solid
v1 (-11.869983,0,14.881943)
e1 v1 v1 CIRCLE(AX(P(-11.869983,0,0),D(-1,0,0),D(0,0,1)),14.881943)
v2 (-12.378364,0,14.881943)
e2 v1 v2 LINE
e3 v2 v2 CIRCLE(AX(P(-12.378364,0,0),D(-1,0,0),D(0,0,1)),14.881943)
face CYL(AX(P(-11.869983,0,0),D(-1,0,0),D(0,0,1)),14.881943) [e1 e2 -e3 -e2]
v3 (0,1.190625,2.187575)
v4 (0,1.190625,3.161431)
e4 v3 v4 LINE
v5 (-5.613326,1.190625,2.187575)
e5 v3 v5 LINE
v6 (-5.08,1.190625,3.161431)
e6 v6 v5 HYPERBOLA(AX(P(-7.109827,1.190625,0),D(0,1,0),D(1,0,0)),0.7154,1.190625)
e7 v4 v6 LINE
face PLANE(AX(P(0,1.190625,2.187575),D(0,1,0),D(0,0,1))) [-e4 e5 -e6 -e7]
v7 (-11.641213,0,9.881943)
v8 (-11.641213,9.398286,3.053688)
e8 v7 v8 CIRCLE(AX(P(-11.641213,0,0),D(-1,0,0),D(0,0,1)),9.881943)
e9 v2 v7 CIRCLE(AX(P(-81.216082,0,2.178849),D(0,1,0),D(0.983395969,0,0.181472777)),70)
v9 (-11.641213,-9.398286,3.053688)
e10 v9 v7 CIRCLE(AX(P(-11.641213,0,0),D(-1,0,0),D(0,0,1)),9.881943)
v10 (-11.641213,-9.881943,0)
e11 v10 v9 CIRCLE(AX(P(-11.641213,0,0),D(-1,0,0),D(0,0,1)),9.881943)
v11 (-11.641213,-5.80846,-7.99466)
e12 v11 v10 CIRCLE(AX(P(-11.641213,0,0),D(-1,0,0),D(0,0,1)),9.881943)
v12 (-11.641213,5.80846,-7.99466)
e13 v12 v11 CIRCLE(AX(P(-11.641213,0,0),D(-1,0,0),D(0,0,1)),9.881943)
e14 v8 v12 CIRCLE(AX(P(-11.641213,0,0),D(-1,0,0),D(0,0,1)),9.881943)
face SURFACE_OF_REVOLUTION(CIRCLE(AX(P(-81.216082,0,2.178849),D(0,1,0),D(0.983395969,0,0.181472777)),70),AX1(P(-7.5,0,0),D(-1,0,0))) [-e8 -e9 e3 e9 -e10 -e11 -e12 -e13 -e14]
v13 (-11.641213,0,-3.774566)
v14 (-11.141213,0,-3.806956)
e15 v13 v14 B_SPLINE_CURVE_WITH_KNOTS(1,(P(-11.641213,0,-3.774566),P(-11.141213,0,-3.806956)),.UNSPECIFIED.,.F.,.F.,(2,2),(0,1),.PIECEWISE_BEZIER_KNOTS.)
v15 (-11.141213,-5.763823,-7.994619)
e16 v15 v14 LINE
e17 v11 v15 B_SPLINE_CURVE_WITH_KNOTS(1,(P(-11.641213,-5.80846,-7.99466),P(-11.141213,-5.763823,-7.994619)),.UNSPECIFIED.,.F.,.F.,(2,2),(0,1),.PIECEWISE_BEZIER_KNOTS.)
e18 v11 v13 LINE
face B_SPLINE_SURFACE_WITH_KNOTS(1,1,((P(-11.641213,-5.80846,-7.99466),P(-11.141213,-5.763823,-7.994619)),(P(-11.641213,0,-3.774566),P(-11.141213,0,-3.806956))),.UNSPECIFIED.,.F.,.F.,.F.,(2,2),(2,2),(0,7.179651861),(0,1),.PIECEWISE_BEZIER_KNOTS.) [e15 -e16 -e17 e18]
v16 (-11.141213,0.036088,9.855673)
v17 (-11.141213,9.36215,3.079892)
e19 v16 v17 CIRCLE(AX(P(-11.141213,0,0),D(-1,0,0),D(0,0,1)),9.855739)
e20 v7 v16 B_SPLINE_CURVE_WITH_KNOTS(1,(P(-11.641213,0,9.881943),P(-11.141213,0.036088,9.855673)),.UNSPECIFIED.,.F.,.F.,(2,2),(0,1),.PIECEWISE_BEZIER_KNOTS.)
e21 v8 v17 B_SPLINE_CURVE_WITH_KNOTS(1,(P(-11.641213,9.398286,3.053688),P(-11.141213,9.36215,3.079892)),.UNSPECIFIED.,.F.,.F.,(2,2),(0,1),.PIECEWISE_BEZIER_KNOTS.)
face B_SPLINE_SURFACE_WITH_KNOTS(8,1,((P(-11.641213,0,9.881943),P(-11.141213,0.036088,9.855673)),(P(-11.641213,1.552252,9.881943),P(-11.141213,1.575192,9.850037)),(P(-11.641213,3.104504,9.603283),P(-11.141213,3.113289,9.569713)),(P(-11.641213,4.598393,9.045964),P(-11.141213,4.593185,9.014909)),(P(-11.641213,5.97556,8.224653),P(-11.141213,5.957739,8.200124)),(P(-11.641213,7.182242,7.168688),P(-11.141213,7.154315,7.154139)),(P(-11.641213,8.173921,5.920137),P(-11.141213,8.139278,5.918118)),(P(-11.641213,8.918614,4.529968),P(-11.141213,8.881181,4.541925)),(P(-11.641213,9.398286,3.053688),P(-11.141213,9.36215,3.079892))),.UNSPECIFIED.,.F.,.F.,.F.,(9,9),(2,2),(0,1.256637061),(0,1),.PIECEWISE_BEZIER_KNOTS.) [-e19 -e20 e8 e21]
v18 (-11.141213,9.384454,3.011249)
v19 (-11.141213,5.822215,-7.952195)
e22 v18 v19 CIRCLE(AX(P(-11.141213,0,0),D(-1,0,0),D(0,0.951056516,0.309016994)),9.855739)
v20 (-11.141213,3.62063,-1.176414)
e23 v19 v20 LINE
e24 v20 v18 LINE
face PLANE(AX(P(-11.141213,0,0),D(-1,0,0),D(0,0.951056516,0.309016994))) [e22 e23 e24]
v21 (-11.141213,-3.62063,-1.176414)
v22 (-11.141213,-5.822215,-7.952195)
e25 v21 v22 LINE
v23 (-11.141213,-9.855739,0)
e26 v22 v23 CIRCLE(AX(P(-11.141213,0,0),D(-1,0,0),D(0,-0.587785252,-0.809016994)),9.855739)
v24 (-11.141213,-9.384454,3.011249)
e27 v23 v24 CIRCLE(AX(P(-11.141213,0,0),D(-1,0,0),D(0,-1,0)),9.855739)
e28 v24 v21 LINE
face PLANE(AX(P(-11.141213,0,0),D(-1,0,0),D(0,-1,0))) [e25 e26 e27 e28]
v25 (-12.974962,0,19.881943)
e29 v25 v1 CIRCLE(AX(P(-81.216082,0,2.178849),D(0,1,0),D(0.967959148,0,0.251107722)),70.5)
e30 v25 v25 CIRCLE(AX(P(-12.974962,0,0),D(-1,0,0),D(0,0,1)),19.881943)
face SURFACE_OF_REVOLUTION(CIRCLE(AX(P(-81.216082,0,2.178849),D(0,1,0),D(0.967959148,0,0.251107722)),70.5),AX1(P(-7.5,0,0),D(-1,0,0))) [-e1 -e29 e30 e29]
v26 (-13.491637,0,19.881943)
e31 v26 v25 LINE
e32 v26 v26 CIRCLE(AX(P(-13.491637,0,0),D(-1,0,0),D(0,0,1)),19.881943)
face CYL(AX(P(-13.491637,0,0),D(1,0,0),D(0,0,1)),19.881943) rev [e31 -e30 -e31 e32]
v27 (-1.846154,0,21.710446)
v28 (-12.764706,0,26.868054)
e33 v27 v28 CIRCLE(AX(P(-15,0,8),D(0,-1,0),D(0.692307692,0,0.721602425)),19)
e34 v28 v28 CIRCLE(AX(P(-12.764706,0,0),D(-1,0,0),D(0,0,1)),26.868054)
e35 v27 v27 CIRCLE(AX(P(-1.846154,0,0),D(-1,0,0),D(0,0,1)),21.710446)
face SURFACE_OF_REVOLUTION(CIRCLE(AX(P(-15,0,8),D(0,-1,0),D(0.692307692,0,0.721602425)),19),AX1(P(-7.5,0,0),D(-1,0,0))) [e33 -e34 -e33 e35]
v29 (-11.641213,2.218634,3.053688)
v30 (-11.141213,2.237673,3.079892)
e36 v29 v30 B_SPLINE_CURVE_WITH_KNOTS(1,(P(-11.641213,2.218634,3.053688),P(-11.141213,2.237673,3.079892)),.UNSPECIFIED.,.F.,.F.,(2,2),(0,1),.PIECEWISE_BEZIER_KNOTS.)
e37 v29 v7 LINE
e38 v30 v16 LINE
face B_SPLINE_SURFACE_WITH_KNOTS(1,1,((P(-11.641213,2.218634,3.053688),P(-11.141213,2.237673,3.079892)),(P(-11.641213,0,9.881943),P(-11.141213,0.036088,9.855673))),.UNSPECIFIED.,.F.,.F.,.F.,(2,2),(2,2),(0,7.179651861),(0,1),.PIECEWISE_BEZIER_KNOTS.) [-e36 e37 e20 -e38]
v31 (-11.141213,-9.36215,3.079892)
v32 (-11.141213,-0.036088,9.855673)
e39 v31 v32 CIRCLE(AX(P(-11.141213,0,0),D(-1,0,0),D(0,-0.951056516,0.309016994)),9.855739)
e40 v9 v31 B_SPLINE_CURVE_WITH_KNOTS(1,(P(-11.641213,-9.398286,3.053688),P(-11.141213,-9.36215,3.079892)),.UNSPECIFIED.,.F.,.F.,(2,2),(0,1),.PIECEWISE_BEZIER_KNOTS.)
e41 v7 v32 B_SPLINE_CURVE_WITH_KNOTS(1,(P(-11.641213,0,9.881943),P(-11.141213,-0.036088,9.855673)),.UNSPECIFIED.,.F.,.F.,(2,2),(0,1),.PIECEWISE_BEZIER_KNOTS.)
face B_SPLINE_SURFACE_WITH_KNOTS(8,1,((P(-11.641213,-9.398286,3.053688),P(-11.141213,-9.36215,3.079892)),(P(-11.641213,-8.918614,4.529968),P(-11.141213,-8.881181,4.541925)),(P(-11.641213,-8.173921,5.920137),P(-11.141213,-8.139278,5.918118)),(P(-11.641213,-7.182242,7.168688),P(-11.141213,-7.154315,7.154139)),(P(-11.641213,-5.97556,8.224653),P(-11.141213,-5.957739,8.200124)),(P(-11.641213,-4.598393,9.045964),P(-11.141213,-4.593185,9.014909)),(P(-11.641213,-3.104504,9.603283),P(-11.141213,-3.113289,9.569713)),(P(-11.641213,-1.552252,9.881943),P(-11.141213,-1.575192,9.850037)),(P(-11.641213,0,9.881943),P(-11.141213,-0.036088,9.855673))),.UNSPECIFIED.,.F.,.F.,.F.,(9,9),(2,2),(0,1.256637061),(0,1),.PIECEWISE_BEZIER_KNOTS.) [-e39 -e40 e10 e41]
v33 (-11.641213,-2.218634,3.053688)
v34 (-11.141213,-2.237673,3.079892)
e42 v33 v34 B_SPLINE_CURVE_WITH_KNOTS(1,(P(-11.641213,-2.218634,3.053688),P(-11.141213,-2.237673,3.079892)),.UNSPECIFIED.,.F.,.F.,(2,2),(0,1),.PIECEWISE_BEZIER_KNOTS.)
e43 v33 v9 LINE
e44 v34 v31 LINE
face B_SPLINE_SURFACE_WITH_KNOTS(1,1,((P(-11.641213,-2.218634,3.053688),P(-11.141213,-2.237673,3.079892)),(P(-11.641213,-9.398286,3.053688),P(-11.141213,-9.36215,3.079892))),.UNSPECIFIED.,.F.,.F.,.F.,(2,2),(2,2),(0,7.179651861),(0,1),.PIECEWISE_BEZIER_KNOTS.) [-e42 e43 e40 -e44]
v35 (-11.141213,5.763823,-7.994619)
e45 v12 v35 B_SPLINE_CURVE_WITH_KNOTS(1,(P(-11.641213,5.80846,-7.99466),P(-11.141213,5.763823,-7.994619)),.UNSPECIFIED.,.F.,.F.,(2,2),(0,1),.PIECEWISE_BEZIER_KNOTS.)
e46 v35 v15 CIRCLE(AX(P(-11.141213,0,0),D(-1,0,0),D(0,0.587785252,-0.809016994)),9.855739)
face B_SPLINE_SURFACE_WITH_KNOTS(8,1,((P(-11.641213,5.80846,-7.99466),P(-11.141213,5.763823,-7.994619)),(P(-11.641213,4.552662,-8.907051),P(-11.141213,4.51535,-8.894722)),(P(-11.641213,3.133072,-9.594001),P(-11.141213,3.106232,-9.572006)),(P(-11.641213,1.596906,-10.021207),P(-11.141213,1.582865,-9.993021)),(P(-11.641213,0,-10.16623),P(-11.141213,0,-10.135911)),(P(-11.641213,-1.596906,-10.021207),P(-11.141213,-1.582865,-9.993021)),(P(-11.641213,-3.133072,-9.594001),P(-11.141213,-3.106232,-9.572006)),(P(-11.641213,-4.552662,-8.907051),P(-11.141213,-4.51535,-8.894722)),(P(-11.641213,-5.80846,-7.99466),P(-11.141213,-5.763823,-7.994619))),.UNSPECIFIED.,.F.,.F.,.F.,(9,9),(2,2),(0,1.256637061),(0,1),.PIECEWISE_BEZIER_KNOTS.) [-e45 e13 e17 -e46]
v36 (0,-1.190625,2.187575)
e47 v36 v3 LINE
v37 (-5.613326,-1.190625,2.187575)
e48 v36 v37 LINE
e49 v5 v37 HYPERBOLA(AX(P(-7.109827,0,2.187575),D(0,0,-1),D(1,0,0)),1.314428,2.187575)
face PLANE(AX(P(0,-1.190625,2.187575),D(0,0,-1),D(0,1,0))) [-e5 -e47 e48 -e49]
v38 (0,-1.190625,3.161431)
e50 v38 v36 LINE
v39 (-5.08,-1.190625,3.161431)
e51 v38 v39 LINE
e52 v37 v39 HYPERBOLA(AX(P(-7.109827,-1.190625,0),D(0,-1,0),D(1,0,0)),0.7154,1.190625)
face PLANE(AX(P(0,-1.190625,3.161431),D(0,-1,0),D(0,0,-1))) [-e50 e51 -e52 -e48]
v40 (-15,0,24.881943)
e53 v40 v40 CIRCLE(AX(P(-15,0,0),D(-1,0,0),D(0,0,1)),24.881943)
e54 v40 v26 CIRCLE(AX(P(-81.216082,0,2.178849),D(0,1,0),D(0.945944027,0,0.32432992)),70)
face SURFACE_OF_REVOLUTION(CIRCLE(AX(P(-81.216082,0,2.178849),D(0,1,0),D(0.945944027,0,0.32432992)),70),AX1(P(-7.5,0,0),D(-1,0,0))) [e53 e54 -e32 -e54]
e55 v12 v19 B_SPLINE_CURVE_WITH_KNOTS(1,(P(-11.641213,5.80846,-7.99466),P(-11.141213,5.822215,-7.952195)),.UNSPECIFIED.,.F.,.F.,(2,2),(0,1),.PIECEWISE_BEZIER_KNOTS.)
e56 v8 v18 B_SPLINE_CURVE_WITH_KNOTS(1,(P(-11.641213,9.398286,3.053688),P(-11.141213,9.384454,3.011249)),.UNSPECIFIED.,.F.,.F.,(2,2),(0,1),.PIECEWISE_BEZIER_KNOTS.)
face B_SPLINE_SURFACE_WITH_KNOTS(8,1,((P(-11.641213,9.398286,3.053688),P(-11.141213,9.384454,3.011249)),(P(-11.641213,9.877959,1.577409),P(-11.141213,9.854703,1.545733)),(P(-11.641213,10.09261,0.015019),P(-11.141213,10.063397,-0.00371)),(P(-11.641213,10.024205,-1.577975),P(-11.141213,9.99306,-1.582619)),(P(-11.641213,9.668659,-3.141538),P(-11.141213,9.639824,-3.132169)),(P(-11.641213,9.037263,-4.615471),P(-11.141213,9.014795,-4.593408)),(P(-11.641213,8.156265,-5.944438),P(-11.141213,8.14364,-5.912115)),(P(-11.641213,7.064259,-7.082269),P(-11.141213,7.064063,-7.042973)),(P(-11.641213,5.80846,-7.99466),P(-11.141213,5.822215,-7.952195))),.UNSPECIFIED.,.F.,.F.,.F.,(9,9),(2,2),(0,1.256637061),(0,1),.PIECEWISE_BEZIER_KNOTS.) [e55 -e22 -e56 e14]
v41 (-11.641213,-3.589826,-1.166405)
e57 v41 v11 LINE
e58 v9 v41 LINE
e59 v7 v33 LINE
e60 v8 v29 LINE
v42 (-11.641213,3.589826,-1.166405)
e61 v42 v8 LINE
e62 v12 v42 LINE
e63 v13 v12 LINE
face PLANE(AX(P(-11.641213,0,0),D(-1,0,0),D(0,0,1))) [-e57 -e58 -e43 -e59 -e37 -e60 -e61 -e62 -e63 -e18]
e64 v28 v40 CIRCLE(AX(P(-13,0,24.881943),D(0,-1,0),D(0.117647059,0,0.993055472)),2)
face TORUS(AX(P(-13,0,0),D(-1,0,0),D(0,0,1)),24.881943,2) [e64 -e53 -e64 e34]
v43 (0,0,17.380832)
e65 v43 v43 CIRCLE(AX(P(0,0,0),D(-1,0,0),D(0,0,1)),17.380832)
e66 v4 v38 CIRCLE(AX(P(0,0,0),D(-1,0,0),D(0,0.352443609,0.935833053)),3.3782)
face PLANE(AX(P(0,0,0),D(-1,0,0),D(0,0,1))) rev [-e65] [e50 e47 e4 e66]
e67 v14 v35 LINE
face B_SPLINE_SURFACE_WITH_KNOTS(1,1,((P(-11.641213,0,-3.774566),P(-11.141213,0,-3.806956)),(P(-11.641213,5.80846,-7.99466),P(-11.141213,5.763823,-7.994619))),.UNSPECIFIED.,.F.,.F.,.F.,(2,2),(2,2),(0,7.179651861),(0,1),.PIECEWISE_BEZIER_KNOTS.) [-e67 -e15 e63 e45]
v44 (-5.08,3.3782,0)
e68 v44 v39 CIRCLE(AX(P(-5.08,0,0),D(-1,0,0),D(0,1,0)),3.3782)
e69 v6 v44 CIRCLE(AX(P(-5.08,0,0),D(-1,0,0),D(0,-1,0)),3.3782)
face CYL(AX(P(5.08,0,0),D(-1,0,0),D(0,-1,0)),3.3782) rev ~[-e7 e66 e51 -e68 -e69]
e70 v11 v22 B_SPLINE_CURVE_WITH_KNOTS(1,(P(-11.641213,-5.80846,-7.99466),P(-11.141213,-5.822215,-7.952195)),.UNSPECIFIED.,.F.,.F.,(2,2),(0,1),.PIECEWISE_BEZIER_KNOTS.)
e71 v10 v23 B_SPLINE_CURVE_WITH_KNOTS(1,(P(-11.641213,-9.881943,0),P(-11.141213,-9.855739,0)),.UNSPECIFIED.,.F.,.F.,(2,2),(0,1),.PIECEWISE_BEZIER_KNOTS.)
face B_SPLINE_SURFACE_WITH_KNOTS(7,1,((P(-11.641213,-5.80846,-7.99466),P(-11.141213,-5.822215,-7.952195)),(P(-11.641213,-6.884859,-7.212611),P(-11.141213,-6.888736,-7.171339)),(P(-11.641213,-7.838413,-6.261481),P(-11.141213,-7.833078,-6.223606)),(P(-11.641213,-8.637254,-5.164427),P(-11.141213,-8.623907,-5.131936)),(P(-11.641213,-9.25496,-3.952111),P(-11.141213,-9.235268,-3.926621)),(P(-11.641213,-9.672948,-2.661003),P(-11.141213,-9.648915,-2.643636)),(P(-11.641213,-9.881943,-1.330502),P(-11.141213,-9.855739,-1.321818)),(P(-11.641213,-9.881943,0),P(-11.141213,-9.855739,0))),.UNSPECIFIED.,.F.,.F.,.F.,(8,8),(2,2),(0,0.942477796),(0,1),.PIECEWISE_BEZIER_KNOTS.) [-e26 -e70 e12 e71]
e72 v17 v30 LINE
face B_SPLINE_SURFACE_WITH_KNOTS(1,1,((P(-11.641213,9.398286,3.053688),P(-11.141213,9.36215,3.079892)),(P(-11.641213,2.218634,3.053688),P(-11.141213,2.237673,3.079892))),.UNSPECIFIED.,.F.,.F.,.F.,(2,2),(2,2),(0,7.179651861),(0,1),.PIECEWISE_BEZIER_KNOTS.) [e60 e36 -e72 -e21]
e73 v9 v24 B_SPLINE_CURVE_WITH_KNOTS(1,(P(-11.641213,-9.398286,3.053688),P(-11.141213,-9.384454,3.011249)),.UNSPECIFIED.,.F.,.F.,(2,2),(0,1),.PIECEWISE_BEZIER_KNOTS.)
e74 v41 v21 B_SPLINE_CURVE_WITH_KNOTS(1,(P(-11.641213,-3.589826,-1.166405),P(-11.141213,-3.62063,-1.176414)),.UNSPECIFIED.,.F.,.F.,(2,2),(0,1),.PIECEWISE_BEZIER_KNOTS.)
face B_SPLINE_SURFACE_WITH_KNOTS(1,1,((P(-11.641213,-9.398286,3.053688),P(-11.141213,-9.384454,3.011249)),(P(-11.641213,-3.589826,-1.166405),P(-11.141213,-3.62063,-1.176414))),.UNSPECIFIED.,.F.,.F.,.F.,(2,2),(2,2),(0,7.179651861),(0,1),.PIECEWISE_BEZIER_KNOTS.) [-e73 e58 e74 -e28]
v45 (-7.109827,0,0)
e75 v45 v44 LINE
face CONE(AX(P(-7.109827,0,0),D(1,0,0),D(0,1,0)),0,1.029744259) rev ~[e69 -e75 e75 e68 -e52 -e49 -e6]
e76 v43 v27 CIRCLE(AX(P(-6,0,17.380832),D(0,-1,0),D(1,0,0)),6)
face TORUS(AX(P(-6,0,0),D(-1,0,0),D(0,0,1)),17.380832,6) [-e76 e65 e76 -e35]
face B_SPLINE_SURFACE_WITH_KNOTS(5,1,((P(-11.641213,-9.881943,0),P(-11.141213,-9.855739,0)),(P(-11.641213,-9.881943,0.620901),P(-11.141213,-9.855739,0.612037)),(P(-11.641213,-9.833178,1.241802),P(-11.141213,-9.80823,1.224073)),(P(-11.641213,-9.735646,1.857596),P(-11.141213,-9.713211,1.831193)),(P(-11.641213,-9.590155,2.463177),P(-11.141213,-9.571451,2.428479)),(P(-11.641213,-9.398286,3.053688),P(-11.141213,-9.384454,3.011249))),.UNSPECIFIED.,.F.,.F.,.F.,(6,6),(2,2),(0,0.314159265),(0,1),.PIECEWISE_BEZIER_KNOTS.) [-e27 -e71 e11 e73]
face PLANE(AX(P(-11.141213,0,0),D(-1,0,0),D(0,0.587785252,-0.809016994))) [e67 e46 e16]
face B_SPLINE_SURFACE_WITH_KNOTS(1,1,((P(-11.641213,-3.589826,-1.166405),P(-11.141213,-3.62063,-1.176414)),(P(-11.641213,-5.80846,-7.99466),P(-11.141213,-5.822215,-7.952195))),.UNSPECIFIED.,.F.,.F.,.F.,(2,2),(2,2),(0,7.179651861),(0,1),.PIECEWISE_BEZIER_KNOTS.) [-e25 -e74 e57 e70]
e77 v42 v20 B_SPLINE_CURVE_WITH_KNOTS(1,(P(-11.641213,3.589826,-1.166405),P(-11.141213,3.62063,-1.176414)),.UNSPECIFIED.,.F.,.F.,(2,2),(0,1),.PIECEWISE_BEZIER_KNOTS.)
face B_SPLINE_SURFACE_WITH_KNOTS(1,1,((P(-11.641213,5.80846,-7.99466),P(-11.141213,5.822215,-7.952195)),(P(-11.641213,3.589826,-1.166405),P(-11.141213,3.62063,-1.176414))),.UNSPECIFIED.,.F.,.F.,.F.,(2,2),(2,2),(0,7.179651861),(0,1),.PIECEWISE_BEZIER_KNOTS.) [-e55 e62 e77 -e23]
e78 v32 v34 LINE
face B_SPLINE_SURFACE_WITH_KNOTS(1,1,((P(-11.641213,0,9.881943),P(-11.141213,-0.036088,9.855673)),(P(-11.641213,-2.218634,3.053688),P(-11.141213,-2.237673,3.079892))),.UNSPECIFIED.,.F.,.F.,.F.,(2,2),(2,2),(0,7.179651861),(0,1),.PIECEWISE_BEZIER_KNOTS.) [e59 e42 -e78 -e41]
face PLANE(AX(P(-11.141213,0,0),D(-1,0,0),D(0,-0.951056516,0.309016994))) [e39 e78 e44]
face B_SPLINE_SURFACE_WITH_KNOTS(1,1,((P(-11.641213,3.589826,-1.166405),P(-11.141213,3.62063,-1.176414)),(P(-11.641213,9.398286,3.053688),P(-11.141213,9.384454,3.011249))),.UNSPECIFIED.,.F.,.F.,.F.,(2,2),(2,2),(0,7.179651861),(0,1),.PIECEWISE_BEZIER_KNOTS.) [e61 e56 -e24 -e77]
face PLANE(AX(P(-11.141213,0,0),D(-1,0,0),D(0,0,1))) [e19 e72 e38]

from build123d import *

# Parameters (mm, degrees)
F3_D     = 6.7564
F3_DEPTH = 5.08
F3_TIP   = 2.0298273432
F7_DEPTH = 0.5
F7_TAPER = 3


with BuildPart() as f1:
    # F0 (on Front) → F1 (revolve)
    with BuildSketch(Plane.XZ):
        with BuildLine():
            Line((-10.7497593308, 0), (0, 0))
            Line((0, 0), (0, 17.3808315196))
            ThreePointArc((0, 17.3808315196), (-0.480802734, 19.7342251413), (-1.8461538462, 21.7104460672))
            ThreePointArc((-1.8461538462, 21.7104460672), (-6.884789629, 25.1797369198), (-12.7647058824, 26.8680539592))
            ThreePointArc((-12.7647058824, 26.8680539592), (-14.3284223283, 26.3770330193), (-15, 24.8819430161))
            ThreePointArc((-15, 24.8819430161), (-14.1991722099, 22.3960149141), (-13.4916369321, 19.8819430161))
            Line((-13.4916369321, 19.8819430161), (-12.9749619928, 19.8819430161))
            ThreePointArc((-12.9749619928, 19.8819430161), (-12.3770619061, 17.3919785968), (-11.8699833059, 14.8819430161))
            Line((-11.8699833059, 14.8819430161), (-12.3783641122, 14.8819430161))
            ThreePointArc((-12.3783641122, 14.8819430161), (-11.9646485976, 12.3885980327), (-11.6412133462, 9.8819430161))
            ThreePointArc((-11.6412133462, 9.8819430161), (-11.2708718222, 4.9478890349), (-11.25, 0))
            Line((-11.25, 0), (-10.7497593308, 0))
        make_face()
        with BuildLine():
            Line((-11.6412133462, 0), (-11.25, 0))
            ThreePointArc((-11.25, 0), (-11.2708718222, 4.9478890349), (-11.6412133462, 9.8819430161))
            Line((-11.6412133462, 9.8819430161), (-11.6412133462, 0))
        make_face()
    revolve(axis=Axis((-7.5, 0, 0), (-1, 0, 0)))

    # F3
    with Locations(Plane.YZ):
        with Locations((0, 0)):
            Hole(F3_D / 2, depth=F3_DEPTH)
            with Locations((0, 0, -(F3_DEPTH + F3_TIP / 2))):  # 118° drill point
                Cone(0, F3_D / 2, F3_TIP, mode=Mode.SUBTRACT)

    # F4 (on face) → F5 (join, up to the next surface of F1)
    with BuildSketch(Plane.YZ):
        with BuildLine():
            Line((-1.190625, 2.187575), (1.190625, 2.187575))
            Line((1.190625, 2.187575), (1.190625, 3.1614312185))
            ThreePointArc((1.190625, 3.1614312185), (0, 3.3782), (-1.190625, 3.1614312185))
            Line((-1.190625, 3.1614312185), (-1.190625, 2.187575))
        make_face()
    extrude(until=Until.NEXT, dir=(-1, 0, 0))

    # F6 (on face) → F7 (cut)
    with BuildSketch(Plane(origin=(-11.6412133462, 0, 0), x_dir=(0, -1, 0), z_dir=(-1, 0, 0))):
        with BuildLine():
            ThreePointArc((9.3982862992, 3.0536883294), (5.8084603689, 7.9946598375), (0, 9.8819430161))
            Line((0, 9.8819430161), (2.2186344386, 3.0536883294))
            Line((2.2186344386, 3.0536883294), (9.3982862992, 3.0536883294))
        make_face()
        with BuildLine():
            Line((-3.5898259303, -1.1664051508), (-9.3982862992, 3.0536883294))
            ThreePointArc((-9.3982862992, 3.0536883294), (-9.3982862992, -3.0536883294), (-5.8084603689, -7.9946598375))
            Line((-5.8084603689, -7.9946598375), (-3.5898259303, -1.1664051508))
        make_face()
        with BuildLine():
            Line((0, -3.7745663573), (-5.8084603689, -7.9946598375))
            ThreePointArc((-5.8084603689, -7.9946598375), (0, -9.8819430161), (5.8084603689, -7.9946598375))
            Line((5.8084603689, -7.9946598375), (0, -3.7745663573))
        make_face()
        with BuildLine():
            ThreePointArc((9.8819430161, 0), (9.7602798995, 1.5458764693), (9.3982862992, 3.0536883294))
            Line((9.3982862992, 3.0536883294), (3.5898259303, -1.1664051508))
            Line((3.5898259303, -1.1664051508), (5.8084603689, -7.9946598375))
            ThreePointArc((5.8084603689, -7.9946598375), (8.804875699, -4.4863082483), (9.8819430161, 0))
        make_face()
        with BuildLine():
            Line((-2.2186344386, 3.0536883294), (0, 9.8819430161))
            ThreePointArc((0, 9.8819430161), (-5.8084603689, 7.9946598375), (-9.3982862992, 3.0536883294))
            Line((-9.3982862992, 3.0536883294), (-2.2186344386, 3.0536883294))
        make_face()
    extrude(amount=-F7_DEPTH, taper=F7_TAPER, mode=Mode.SUBTRACT)


solid = f1.part
